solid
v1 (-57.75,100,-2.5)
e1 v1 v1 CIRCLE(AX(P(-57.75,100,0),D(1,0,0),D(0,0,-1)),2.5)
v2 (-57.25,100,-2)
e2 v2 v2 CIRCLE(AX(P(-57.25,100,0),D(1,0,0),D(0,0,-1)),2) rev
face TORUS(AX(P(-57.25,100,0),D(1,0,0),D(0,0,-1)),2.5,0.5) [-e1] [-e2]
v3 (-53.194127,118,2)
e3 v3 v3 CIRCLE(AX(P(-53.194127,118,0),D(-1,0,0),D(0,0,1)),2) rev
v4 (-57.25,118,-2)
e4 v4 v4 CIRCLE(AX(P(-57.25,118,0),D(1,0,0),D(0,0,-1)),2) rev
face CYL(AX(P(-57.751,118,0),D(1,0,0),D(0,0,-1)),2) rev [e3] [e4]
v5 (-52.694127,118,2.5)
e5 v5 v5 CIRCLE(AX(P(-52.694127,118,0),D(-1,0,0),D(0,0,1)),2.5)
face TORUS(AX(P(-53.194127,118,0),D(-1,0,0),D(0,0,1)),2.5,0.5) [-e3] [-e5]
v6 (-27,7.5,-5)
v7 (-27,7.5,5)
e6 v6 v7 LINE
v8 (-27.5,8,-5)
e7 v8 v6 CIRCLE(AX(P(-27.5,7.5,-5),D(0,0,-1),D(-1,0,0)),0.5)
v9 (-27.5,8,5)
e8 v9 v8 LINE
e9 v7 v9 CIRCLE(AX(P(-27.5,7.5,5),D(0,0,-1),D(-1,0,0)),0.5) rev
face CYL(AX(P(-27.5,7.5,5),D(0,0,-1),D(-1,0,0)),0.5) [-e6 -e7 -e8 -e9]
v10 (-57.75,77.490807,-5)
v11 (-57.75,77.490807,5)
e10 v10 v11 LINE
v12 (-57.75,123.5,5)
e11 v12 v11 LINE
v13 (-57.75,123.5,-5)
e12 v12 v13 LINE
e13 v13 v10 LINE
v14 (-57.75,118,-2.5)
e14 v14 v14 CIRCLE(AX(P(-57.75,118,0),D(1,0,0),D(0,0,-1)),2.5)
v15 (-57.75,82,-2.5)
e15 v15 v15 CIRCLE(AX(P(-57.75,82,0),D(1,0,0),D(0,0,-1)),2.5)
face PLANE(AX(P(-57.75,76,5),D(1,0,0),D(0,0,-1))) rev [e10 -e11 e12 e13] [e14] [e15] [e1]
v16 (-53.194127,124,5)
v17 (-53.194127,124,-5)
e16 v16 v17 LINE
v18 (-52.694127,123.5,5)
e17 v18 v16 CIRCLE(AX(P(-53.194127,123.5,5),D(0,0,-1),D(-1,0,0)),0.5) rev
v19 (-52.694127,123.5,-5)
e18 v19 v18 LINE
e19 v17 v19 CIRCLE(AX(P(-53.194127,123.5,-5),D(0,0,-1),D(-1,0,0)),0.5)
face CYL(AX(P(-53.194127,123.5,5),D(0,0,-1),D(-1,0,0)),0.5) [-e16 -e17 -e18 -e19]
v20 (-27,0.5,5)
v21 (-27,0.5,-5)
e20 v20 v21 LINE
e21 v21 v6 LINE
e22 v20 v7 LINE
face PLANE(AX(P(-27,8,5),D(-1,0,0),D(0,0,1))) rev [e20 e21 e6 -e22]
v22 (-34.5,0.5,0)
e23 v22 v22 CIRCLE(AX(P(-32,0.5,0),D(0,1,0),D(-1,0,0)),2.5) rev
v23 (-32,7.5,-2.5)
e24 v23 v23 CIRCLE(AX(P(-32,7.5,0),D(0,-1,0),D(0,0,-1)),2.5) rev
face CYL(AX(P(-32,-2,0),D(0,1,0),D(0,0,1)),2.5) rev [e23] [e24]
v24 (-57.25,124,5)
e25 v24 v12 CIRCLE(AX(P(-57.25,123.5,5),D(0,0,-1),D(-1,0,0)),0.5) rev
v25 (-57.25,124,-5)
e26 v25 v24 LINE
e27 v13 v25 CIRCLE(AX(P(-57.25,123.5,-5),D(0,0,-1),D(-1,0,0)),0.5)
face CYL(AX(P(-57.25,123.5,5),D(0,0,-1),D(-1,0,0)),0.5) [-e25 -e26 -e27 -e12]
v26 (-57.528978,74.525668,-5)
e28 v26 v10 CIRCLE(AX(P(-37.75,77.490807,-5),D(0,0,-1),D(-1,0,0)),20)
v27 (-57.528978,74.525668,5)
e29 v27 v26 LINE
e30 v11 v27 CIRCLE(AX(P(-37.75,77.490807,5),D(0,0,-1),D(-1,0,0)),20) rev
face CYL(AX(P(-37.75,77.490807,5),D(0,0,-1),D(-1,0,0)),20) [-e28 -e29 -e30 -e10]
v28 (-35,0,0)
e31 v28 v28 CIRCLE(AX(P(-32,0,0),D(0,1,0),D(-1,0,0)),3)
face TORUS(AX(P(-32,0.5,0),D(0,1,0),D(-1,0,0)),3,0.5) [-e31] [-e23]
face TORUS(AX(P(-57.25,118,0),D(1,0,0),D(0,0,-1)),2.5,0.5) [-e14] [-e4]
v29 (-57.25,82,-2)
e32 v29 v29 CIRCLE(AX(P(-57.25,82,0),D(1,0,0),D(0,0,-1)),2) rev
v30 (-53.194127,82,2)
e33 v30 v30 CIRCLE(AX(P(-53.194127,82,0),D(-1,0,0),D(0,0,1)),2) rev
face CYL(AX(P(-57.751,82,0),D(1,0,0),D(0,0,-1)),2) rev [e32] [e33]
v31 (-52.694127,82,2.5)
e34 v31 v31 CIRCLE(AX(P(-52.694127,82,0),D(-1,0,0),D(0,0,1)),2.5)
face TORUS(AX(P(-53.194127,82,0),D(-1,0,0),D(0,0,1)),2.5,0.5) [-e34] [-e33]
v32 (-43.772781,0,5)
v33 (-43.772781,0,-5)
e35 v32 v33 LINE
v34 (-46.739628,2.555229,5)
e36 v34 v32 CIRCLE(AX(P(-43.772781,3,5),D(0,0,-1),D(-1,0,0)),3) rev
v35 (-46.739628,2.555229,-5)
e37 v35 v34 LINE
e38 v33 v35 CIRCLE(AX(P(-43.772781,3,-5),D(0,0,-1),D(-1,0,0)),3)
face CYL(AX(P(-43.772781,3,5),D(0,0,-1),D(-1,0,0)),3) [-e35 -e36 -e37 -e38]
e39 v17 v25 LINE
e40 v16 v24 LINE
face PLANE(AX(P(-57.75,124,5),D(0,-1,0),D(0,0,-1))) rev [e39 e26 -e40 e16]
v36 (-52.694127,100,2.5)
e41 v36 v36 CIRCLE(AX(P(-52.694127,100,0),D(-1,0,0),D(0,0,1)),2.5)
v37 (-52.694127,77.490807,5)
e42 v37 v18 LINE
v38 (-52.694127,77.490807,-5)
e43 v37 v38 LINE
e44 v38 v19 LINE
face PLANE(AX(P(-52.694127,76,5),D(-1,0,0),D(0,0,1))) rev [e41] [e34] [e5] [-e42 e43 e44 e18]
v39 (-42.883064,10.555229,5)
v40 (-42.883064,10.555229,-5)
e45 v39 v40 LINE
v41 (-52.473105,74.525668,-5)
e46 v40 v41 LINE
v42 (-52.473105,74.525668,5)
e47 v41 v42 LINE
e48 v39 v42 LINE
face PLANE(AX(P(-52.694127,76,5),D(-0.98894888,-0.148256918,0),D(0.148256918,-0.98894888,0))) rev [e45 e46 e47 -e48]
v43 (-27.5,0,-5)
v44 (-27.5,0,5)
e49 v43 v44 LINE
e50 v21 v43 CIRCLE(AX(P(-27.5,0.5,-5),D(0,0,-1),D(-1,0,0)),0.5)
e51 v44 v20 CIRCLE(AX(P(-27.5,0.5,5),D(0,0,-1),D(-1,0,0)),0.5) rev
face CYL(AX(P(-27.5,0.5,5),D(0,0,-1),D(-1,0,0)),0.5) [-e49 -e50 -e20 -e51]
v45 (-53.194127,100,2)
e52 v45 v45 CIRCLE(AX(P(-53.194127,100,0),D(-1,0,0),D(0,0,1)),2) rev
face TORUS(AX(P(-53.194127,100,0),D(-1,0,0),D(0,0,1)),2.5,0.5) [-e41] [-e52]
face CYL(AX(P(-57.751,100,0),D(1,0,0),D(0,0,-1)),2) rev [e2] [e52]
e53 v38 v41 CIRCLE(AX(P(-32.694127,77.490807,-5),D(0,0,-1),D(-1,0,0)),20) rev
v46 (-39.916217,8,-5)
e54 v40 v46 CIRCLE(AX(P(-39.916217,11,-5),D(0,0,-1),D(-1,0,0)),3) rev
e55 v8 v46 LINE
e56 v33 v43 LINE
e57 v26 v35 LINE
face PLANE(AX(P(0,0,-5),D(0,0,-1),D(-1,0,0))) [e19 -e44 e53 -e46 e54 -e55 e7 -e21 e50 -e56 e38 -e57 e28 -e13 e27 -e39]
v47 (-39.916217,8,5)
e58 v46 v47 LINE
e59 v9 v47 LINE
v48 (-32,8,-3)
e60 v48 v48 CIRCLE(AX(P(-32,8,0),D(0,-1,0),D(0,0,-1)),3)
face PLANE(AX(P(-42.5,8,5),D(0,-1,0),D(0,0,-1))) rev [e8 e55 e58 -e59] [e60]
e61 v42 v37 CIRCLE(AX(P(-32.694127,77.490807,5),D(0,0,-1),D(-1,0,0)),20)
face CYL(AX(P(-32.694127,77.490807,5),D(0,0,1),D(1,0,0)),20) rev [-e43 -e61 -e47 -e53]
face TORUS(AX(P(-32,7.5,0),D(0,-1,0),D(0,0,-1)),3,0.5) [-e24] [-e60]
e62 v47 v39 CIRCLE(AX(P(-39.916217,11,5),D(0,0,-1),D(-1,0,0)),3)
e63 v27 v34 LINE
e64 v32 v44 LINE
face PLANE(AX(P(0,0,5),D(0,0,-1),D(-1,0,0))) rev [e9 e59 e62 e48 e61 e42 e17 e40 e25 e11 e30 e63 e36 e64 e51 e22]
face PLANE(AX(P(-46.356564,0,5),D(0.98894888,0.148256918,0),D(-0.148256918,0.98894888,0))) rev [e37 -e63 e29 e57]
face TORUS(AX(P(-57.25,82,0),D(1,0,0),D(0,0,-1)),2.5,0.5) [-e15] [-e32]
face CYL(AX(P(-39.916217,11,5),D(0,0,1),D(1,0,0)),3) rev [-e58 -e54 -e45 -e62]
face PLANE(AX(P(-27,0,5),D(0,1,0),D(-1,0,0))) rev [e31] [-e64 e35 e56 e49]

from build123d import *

# Parameters (mm, degrees)
BOSS_EXTRUDE1_DEPTH = 5
SKETCH3_R           = 2.5
CUT_EXTRUDE1_DEPTH  = 10
CUT_EXTRUDE2_REACH  = 7.056
SKETCH4_R           = 2
FILLET1_R           = 3
FILLET2_R           = 0.5
FILLET3_R           = 20


with BuildPart() as part:
    # Sketch1 → Boss-Extrude1 (new body, symmetric)
    with BuildSketch(Plane.XY):
        Polygon((-27, 0), (-46.356564011, 0), (-57.75, 76), (-57.75, 124), (-52.694126938, 124), (-52.694126938, 76), (-42.5, 8), (-27, 8), align=None)
    extrude(amount=BOSS_EXTRUDE1_DEPTH, both=True)

    # Sketch3 → Cut-Extrude1 (cut)
    with BuildSketch(Plane(origin=(0, 8, 0), x_dir=(1, 0, 0), z_dir=(0, 1, 0))):
        with Locations((-32, 0)):
            Circle(SKETCH3_R)
    extrude(amount=-CUT_EXTRUDE1_DEPTH, mode=Mode.SUBTRACT)

    # Sketch4 → Cut-Extrude2 (cut, up to next)
    with BuildSketch(Plane(origin=(-52.694126938, 0, 0), x_dir=(0, 0, -1), z_dir=(1, 0, 0)), mode=Mode.PRIVATE) as cut_extrude2_sk1:
        with Locations((0, 100)):
            Circle(SKETCH4_R)
    cut_extrude2_tool1 = extrude(cut_extrude2_sk1.sketch, amount=-CUT_EXTRUDE2_REACH, mode=Mode.PRIVATE) & part.part
    add(cut_extrude2_tool1.solids().sort_by_distance((-52.694127, 100, 0))[0], mode=Mode.SUBTRACT)
    # Sketch4 → Cut-Extrude2 (cut, up to next)
    with BuildSketch(Plane(origin=(-52.694126938, 0, 0), x_dir=(0, 0, -1), z_dir=(1, 0, 0)), mode=Mode.PRIVATE) as cut_extrude2_sk2:
        with Locations((0, 82)):
            Circle(SKETCH4_R)
    cut_extrude2_tool2 = extrude(cut_extrude2_sk2.sketch, amount=-CUT_EXTRUDE2_REACH, mode=Mode.PRIVATE) & part.part
    add(cut_extrude2_tool2.solids().sort_by_distance((-52.694127, 82, 0))[0], mode=Mode.SUBTRACT)
    # Sketch4 → Cut-Extrude2 (cut, up to next)
    with BuildSketch(Plane(origin=(-52.694126938, 0, 0), x_dir=(0, 0, -1), z_dir=(1, 0, 0)), mode=Mode.PRIVATE) as cut_extrude2_sk3:
        with Locations((0, 118)):
            Circle(SKETCH4_R)
    cut_extrude2_tool3 = extrude(cut_extrude2_sk3.sketch, amount=-CUT_EXTRUDE2_REACH, mode=Mode.PRIVATE) & part.part
    add(cut_extrude2_tool3.solids().sort_by_distance((-52.694127, 118, 0))[0], mode=Mode.SUBTRACT)

    # Fillet1
    fillet1_edges = [part.edges().sort_by_distance(p)[0] for p in [
        (-46.356564011, 0, 0),
        (-42.5, 8, 0),
    ]]
    fillet(fillet1_edges, radius=FILLET1_R)

    # Fillet2
    fillet2_edges = [part.edges().sort_by_distance(p)[0] for p in [
        (-27, 0, 0),
        (-57.75, 124, 0),
        (-52.694126938, 124, 0),
        (-27, 8, 0),
        (-34.5, 0, 0),
        (-34.5, 8, 0),
        (-52.694126938, 82, 2),
        (-57.75, 82, 2),
        (-52.694126938, 118, 2),
        (-57.75, 118, 2),
        (-52.694126938, 100, 2),
        (-57.75, 100, 2),
    ]]
    fillet(fillet2_edges, radius=FILLET2_R)

    # Fillet3
    fillet3_edges = [part.edges().sort_by_distance(p)[0] for p in [
        (-57.75, 76, 0),
        (-52.694126938, 76, 0),
    ]]
    fillet(fillet3_edges, radius=FILLET3_R)


solid = part.part
